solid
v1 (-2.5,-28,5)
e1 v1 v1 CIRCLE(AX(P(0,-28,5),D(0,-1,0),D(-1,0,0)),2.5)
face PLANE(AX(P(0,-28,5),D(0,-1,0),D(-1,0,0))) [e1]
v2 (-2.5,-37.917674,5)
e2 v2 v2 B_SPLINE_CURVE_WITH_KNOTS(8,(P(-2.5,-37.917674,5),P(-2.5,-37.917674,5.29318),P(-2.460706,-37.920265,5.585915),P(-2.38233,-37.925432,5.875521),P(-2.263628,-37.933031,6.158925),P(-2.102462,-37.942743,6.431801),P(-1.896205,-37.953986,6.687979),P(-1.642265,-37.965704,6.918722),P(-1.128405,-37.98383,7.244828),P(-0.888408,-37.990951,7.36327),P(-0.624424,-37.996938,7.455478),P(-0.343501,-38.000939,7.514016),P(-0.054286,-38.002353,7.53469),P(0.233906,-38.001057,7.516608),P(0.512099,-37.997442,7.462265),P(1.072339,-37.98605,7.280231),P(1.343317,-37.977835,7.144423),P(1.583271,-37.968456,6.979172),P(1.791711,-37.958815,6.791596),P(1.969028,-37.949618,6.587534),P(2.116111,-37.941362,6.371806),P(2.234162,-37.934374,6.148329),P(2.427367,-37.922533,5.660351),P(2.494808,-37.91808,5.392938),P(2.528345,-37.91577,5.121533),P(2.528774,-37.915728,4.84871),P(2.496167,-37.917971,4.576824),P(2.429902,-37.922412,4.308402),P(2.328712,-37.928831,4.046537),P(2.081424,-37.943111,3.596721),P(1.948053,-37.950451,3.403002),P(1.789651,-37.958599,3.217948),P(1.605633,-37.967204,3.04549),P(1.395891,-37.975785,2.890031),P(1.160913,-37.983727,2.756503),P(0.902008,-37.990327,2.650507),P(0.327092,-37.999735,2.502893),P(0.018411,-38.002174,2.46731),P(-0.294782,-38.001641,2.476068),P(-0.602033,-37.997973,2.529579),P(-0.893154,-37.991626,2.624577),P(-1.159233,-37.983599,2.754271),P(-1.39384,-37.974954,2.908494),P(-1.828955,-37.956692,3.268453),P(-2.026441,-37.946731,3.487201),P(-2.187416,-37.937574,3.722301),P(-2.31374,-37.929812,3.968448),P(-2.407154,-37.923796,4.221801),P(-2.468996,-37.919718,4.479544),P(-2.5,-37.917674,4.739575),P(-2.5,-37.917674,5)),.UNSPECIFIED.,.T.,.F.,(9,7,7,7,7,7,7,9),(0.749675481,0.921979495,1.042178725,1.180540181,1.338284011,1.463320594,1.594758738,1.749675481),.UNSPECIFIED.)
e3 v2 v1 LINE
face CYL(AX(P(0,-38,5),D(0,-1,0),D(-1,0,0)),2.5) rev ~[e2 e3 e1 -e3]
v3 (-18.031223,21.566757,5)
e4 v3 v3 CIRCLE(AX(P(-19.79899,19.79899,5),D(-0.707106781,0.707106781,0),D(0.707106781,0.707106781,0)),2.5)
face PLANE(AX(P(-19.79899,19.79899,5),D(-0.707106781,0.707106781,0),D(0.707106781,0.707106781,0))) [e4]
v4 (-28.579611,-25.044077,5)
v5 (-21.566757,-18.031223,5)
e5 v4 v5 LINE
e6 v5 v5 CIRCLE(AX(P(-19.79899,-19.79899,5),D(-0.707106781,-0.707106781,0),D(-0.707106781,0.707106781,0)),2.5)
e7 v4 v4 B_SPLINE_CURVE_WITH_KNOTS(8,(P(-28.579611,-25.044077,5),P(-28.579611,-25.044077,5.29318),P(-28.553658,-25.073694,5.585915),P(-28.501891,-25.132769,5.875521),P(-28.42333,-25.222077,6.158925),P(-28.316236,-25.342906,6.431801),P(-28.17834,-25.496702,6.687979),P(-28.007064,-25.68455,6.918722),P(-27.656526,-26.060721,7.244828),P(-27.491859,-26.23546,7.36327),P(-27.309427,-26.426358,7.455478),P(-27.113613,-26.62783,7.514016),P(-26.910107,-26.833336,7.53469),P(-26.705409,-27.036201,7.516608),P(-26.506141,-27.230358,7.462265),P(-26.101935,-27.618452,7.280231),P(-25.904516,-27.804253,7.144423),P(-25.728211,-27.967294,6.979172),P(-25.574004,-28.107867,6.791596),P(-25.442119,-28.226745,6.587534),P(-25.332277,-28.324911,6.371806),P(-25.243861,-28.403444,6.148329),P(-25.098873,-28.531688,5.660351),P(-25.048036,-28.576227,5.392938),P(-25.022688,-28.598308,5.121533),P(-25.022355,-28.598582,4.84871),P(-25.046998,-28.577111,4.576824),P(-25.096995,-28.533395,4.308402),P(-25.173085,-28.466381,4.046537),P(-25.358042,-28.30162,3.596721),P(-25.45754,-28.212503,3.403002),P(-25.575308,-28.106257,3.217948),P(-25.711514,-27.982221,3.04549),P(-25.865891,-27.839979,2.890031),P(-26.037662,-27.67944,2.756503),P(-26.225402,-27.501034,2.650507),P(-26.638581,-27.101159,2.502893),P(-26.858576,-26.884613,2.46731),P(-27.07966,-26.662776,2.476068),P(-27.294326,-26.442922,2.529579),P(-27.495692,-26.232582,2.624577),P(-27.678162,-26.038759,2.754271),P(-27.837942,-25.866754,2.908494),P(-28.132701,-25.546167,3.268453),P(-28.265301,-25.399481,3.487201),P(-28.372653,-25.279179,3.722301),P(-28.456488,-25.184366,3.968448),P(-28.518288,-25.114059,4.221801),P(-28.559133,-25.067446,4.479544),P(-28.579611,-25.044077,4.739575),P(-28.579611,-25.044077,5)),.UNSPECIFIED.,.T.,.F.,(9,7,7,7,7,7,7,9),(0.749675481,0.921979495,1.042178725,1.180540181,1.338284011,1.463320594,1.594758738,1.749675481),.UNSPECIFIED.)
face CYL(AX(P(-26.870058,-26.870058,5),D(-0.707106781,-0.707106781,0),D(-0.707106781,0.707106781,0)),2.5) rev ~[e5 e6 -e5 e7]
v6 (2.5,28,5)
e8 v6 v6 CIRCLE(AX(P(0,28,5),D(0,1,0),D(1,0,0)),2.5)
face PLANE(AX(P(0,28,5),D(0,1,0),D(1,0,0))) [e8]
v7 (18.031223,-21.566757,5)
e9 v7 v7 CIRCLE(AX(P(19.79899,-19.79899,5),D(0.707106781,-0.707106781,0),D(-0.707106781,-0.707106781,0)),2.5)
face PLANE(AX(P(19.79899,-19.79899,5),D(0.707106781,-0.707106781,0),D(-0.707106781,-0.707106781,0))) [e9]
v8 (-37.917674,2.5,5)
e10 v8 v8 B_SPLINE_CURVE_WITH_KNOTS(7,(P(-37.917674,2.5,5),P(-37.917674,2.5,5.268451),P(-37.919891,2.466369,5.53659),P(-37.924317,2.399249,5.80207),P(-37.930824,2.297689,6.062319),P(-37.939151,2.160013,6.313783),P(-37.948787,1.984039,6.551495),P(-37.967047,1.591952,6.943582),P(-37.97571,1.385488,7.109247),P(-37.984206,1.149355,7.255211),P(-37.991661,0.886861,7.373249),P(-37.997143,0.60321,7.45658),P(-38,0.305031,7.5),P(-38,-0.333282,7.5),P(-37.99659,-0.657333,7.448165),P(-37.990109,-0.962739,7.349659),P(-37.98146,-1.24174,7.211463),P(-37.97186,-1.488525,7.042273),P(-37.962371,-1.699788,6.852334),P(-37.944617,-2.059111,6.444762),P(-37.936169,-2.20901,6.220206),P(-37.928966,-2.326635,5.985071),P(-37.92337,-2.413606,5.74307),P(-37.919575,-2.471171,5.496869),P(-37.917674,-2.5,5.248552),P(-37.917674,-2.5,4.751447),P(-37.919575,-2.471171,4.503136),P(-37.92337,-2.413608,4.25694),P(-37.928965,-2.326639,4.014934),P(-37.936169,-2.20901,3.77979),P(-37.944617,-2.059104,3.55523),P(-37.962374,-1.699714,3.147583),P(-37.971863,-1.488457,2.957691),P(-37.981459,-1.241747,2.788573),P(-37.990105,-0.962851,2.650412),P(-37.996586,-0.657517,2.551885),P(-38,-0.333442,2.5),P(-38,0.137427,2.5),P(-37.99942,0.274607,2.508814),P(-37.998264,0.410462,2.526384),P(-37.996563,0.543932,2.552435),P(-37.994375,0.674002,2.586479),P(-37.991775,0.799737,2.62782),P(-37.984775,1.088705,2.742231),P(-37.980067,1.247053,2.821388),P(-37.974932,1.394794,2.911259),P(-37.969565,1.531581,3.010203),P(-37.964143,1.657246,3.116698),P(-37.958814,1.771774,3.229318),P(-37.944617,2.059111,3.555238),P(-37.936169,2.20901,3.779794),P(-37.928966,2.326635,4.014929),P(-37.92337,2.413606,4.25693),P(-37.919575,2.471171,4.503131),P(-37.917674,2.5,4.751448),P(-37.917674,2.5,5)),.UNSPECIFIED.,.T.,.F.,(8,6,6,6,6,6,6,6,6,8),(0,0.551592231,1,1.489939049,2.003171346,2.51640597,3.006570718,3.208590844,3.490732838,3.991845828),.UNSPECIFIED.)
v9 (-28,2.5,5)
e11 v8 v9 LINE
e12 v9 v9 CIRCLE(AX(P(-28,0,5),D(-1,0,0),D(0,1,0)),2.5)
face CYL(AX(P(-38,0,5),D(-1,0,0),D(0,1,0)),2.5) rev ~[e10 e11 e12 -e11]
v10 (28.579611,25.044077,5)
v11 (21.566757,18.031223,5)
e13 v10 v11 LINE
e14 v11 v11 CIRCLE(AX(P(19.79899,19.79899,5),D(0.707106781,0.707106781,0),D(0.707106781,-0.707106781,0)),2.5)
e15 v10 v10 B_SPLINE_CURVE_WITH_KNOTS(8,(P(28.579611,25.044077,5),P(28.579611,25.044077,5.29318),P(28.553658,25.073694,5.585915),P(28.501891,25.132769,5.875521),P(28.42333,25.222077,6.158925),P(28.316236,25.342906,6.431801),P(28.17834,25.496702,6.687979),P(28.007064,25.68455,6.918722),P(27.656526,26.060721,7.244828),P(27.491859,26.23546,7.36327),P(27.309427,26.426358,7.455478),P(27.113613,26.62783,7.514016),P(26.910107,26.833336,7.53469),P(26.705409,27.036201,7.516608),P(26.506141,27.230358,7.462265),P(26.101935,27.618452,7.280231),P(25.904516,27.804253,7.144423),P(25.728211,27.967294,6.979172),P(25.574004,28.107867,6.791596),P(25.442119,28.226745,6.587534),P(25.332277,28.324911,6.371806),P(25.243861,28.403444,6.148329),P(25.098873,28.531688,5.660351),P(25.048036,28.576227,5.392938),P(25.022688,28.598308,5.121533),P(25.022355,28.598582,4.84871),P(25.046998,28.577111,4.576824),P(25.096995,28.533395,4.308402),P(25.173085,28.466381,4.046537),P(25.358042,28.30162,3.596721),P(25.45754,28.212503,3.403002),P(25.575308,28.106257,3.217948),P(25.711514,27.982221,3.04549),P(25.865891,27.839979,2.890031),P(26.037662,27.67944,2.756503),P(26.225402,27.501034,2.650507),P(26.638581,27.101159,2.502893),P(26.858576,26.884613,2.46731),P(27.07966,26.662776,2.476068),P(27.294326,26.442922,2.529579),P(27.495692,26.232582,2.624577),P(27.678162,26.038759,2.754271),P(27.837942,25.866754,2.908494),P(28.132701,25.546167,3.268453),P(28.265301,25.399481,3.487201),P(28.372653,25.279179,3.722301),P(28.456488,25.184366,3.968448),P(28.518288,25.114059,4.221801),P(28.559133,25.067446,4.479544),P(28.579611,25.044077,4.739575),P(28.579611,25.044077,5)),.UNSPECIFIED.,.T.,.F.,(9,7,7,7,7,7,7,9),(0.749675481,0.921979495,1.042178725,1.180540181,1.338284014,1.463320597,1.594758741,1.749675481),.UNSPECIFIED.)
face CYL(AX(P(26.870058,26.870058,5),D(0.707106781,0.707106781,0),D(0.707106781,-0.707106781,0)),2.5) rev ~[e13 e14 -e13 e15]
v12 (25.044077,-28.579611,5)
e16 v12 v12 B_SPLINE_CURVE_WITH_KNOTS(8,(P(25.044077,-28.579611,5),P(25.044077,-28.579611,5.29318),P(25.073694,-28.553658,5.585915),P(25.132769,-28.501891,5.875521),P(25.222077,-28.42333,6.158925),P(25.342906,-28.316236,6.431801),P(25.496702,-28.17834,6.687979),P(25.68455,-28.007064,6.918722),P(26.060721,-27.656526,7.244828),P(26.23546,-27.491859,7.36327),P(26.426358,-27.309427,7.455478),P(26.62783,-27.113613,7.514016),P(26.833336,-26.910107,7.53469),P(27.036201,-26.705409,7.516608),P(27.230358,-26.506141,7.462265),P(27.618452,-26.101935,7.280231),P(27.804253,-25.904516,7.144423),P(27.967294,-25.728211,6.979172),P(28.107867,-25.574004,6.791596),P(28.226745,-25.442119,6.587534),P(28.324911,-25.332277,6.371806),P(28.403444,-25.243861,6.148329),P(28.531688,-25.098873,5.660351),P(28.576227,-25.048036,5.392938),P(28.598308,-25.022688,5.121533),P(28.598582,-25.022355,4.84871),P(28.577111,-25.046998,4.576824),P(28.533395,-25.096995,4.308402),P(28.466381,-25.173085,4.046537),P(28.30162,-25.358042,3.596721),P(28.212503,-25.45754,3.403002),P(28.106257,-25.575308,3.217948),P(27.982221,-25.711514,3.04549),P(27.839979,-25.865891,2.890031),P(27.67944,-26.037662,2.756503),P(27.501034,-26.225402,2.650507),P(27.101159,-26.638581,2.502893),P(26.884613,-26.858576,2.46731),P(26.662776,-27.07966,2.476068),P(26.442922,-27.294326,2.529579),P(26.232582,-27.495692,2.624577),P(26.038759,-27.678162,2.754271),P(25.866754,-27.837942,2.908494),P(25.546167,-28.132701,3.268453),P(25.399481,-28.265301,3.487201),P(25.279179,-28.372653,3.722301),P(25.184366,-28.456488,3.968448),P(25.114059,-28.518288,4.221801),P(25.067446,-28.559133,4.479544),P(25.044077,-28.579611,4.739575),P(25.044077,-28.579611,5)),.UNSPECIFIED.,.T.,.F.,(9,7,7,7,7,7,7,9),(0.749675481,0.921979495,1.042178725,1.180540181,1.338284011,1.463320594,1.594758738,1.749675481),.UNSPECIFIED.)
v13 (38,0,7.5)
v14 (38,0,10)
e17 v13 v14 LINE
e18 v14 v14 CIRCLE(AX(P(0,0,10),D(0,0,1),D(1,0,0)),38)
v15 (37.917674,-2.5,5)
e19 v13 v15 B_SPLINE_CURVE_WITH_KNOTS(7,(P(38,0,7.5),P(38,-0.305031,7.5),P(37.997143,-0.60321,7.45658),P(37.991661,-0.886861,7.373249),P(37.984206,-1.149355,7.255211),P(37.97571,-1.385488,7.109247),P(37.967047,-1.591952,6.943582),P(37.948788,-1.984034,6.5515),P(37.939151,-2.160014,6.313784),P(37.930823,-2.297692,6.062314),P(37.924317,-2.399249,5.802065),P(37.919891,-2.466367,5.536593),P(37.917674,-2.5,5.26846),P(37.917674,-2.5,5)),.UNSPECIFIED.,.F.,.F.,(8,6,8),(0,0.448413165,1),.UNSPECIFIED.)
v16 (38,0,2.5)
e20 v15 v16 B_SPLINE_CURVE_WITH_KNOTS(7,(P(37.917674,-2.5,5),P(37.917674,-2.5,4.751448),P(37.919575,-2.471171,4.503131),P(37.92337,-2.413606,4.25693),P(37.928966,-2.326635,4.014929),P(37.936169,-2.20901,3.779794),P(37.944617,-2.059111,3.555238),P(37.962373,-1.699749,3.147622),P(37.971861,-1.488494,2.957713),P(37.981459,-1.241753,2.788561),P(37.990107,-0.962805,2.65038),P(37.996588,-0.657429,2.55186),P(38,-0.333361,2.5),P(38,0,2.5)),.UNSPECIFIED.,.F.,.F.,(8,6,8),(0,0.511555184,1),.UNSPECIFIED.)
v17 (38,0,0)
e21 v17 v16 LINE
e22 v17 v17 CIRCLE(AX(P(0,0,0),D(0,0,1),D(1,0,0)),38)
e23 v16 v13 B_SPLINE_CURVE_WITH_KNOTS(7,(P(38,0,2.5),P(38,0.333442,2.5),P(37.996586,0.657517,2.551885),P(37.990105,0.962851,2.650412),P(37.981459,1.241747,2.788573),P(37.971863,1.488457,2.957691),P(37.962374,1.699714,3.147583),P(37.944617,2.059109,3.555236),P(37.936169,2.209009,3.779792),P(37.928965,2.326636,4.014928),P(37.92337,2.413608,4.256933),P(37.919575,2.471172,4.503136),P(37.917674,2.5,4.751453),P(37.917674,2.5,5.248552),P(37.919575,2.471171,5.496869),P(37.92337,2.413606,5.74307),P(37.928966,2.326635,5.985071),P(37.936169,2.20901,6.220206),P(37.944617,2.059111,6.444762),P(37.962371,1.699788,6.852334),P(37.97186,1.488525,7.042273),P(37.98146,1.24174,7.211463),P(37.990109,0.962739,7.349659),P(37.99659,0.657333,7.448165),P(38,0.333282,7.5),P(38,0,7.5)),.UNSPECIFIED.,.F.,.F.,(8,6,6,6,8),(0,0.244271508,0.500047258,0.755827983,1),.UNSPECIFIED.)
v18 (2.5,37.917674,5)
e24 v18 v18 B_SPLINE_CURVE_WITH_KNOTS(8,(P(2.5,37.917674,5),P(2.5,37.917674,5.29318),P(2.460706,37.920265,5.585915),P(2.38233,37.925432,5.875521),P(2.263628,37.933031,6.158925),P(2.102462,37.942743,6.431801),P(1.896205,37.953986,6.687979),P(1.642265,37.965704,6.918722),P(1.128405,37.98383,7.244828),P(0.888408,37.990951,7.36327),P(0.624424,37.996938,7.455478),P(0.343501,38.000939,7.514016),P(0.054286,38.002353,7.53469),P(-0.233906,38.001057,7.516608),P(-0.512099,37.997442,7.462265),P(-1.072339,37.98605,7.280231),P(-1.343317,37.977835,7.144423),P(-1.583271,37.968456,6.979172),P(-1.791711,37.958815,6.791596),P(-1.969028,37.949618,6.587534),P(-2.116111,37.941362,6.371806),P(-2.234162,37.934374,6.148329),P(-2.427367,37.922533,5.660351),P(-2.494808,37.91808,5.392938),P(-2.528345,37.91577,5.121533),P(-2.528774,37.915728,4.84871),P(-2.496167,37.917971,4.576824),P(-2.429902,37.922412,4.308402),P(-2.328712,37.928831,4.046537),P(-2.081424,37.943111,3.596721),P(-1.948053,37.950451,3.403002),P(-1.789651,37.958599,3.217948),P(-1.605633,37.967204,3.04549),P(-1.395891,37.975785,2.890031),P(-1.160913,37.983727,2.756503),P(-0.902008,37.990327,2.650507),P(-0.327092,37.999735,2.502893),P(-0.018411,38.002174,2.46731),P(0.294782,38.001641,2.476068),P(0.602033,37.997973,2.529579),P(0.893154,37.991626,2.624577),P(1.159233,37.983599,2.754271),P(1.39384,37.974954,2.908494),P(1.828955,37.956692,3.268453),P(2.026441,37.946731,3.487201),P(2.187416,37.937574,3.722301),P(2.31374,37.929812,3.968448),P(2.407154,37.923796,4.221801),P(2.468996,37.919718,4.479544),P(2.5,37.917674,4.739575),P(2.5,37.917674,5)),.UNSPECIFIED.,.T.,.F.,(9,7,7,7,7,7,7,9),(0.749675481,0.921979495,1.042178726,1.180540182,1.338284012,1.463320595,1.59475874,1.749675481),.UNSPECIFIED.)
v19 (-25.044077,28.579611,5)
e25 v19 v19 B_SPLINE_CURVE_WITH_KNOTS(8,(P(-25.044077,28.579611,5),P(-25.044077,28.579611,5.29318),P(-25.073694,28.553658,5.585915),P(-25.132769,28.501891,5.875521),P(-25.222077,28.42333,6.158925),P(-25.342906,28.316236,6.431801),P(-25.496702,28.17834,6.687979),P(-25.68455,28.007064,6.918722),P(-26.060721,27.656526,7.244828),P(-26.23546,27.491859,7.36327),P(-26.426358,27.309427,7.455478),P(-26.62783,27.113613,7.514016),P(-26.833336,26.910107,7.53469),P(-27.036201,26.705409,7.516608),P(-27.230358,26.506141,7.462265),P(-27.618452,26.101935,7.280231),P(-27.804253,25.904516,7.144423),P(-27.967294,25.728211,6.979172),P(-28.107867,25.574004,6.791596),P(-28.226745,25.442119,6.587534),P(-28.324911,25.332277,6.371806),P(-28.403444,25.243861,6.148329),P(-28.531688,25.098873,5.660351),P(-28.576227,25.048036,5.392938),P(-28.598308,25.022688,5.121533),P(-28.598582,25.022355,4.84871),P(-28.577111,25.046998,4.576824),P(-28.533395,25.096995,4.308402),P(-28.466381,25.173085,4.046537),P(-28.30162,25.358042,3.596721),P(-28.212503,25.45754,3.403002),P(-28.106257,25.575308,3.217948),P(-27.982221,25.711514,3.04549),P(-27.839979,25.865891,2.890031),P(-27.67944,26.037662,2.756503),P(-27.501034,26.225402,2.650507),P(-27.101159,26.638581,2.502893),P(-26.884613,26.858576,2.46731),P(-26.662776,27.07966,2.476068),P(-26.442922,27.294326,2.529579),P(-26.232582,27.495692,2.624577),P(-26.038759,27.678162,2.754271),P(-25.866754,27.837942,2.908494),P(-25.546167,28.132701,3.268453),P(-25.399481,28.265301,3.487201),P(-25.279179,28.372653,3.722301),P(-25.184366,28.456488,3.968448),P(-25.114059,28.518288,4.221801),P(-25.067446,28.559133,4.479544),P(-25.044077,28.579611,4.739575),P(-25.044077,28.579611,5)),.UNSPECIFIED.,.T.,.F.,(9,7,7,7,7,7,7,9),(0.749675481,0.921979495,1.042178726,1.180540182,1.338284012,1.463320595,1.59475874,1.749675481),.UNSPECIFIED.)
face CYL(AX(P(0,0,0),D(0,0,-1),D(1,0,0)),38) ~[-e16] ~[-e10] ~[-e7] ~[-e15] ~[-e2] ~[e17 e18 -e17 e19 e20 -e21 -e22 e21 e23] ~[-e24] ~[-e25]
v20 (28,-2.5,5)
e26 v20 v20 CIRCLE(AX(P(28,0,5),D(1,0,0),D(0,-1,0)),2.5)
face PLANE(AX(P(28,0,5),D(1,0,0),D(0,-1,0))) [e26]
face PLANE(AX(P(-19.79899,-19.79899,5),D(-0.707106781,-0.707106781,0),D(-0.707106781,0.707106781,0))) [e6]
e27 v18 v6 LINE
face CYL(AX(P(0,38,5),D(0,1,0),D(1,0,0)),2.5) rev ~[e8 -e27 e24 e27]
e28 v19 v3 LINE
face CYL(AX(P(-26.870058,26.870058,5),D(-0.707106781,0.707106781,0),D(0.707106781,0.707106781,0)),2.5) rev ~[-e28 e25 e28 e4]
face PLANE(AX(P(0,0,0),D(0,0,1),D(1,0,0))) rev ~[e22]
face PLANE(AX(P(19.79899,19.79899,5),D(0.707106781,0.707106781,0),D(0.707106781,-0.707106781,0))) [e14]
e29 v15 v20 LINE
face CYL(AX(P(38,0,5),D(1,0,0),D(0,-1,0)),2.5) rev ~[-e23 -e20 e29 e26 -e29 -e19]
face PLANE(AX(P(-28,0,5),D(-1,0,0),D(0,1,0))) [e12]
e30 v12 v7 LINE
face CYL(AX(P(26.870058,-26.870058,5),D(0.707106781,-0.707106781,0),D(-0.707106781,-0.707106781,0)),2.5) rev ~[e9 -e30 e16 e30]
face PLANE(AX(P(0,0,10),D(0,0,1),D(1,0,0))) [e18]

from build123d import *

# Parameters (mm, degrees)
SKETCH1_R           = 38
BOSS_EXTRUDE1_DEPTH = 10
SKETCH2_R           = 2.5
CUT_EXTRUDE1_DEPTH  = 10
CIRPATTERN1_COUNT   = 8


with BuildPart() as part:
    # Sketch1 → Boss-Extrude1 (new body)
    with BuildSketch(Plane.XY):
        Circle(SKETCH1_R)
    extrude(amount=BOSS_EXTRUDE1_DEPTH)

    # Sketch2 → Cut-Extrude1 (cut)
    with BuildSketch(Plane(origin=(0, 38, 0), x_dir=(1, 0, 0), z_dir=(0, 1, 0))):
        with Locations((0, -5)):
            Circle(SKETCH2_R)
    cut_extrude1 = extrude(amount=-CUT_EXTRUDE1_DEPTH, mode=Mode.SUBTRACT)

    # CirPattern1: Cut-Extrude1 ×8 about axis
    cirpattern1_axis = Axis((0, 0, 0), (0, 0, 1))
    for i in range(1, CIRPATTERN1_COUNT):
        add(cut_extrude1.rotate(cirpattern1_axis, i * 360 / CIRPATTERN1_COUNT), mode=Mode.SUBTRACT)


solid = part.part
